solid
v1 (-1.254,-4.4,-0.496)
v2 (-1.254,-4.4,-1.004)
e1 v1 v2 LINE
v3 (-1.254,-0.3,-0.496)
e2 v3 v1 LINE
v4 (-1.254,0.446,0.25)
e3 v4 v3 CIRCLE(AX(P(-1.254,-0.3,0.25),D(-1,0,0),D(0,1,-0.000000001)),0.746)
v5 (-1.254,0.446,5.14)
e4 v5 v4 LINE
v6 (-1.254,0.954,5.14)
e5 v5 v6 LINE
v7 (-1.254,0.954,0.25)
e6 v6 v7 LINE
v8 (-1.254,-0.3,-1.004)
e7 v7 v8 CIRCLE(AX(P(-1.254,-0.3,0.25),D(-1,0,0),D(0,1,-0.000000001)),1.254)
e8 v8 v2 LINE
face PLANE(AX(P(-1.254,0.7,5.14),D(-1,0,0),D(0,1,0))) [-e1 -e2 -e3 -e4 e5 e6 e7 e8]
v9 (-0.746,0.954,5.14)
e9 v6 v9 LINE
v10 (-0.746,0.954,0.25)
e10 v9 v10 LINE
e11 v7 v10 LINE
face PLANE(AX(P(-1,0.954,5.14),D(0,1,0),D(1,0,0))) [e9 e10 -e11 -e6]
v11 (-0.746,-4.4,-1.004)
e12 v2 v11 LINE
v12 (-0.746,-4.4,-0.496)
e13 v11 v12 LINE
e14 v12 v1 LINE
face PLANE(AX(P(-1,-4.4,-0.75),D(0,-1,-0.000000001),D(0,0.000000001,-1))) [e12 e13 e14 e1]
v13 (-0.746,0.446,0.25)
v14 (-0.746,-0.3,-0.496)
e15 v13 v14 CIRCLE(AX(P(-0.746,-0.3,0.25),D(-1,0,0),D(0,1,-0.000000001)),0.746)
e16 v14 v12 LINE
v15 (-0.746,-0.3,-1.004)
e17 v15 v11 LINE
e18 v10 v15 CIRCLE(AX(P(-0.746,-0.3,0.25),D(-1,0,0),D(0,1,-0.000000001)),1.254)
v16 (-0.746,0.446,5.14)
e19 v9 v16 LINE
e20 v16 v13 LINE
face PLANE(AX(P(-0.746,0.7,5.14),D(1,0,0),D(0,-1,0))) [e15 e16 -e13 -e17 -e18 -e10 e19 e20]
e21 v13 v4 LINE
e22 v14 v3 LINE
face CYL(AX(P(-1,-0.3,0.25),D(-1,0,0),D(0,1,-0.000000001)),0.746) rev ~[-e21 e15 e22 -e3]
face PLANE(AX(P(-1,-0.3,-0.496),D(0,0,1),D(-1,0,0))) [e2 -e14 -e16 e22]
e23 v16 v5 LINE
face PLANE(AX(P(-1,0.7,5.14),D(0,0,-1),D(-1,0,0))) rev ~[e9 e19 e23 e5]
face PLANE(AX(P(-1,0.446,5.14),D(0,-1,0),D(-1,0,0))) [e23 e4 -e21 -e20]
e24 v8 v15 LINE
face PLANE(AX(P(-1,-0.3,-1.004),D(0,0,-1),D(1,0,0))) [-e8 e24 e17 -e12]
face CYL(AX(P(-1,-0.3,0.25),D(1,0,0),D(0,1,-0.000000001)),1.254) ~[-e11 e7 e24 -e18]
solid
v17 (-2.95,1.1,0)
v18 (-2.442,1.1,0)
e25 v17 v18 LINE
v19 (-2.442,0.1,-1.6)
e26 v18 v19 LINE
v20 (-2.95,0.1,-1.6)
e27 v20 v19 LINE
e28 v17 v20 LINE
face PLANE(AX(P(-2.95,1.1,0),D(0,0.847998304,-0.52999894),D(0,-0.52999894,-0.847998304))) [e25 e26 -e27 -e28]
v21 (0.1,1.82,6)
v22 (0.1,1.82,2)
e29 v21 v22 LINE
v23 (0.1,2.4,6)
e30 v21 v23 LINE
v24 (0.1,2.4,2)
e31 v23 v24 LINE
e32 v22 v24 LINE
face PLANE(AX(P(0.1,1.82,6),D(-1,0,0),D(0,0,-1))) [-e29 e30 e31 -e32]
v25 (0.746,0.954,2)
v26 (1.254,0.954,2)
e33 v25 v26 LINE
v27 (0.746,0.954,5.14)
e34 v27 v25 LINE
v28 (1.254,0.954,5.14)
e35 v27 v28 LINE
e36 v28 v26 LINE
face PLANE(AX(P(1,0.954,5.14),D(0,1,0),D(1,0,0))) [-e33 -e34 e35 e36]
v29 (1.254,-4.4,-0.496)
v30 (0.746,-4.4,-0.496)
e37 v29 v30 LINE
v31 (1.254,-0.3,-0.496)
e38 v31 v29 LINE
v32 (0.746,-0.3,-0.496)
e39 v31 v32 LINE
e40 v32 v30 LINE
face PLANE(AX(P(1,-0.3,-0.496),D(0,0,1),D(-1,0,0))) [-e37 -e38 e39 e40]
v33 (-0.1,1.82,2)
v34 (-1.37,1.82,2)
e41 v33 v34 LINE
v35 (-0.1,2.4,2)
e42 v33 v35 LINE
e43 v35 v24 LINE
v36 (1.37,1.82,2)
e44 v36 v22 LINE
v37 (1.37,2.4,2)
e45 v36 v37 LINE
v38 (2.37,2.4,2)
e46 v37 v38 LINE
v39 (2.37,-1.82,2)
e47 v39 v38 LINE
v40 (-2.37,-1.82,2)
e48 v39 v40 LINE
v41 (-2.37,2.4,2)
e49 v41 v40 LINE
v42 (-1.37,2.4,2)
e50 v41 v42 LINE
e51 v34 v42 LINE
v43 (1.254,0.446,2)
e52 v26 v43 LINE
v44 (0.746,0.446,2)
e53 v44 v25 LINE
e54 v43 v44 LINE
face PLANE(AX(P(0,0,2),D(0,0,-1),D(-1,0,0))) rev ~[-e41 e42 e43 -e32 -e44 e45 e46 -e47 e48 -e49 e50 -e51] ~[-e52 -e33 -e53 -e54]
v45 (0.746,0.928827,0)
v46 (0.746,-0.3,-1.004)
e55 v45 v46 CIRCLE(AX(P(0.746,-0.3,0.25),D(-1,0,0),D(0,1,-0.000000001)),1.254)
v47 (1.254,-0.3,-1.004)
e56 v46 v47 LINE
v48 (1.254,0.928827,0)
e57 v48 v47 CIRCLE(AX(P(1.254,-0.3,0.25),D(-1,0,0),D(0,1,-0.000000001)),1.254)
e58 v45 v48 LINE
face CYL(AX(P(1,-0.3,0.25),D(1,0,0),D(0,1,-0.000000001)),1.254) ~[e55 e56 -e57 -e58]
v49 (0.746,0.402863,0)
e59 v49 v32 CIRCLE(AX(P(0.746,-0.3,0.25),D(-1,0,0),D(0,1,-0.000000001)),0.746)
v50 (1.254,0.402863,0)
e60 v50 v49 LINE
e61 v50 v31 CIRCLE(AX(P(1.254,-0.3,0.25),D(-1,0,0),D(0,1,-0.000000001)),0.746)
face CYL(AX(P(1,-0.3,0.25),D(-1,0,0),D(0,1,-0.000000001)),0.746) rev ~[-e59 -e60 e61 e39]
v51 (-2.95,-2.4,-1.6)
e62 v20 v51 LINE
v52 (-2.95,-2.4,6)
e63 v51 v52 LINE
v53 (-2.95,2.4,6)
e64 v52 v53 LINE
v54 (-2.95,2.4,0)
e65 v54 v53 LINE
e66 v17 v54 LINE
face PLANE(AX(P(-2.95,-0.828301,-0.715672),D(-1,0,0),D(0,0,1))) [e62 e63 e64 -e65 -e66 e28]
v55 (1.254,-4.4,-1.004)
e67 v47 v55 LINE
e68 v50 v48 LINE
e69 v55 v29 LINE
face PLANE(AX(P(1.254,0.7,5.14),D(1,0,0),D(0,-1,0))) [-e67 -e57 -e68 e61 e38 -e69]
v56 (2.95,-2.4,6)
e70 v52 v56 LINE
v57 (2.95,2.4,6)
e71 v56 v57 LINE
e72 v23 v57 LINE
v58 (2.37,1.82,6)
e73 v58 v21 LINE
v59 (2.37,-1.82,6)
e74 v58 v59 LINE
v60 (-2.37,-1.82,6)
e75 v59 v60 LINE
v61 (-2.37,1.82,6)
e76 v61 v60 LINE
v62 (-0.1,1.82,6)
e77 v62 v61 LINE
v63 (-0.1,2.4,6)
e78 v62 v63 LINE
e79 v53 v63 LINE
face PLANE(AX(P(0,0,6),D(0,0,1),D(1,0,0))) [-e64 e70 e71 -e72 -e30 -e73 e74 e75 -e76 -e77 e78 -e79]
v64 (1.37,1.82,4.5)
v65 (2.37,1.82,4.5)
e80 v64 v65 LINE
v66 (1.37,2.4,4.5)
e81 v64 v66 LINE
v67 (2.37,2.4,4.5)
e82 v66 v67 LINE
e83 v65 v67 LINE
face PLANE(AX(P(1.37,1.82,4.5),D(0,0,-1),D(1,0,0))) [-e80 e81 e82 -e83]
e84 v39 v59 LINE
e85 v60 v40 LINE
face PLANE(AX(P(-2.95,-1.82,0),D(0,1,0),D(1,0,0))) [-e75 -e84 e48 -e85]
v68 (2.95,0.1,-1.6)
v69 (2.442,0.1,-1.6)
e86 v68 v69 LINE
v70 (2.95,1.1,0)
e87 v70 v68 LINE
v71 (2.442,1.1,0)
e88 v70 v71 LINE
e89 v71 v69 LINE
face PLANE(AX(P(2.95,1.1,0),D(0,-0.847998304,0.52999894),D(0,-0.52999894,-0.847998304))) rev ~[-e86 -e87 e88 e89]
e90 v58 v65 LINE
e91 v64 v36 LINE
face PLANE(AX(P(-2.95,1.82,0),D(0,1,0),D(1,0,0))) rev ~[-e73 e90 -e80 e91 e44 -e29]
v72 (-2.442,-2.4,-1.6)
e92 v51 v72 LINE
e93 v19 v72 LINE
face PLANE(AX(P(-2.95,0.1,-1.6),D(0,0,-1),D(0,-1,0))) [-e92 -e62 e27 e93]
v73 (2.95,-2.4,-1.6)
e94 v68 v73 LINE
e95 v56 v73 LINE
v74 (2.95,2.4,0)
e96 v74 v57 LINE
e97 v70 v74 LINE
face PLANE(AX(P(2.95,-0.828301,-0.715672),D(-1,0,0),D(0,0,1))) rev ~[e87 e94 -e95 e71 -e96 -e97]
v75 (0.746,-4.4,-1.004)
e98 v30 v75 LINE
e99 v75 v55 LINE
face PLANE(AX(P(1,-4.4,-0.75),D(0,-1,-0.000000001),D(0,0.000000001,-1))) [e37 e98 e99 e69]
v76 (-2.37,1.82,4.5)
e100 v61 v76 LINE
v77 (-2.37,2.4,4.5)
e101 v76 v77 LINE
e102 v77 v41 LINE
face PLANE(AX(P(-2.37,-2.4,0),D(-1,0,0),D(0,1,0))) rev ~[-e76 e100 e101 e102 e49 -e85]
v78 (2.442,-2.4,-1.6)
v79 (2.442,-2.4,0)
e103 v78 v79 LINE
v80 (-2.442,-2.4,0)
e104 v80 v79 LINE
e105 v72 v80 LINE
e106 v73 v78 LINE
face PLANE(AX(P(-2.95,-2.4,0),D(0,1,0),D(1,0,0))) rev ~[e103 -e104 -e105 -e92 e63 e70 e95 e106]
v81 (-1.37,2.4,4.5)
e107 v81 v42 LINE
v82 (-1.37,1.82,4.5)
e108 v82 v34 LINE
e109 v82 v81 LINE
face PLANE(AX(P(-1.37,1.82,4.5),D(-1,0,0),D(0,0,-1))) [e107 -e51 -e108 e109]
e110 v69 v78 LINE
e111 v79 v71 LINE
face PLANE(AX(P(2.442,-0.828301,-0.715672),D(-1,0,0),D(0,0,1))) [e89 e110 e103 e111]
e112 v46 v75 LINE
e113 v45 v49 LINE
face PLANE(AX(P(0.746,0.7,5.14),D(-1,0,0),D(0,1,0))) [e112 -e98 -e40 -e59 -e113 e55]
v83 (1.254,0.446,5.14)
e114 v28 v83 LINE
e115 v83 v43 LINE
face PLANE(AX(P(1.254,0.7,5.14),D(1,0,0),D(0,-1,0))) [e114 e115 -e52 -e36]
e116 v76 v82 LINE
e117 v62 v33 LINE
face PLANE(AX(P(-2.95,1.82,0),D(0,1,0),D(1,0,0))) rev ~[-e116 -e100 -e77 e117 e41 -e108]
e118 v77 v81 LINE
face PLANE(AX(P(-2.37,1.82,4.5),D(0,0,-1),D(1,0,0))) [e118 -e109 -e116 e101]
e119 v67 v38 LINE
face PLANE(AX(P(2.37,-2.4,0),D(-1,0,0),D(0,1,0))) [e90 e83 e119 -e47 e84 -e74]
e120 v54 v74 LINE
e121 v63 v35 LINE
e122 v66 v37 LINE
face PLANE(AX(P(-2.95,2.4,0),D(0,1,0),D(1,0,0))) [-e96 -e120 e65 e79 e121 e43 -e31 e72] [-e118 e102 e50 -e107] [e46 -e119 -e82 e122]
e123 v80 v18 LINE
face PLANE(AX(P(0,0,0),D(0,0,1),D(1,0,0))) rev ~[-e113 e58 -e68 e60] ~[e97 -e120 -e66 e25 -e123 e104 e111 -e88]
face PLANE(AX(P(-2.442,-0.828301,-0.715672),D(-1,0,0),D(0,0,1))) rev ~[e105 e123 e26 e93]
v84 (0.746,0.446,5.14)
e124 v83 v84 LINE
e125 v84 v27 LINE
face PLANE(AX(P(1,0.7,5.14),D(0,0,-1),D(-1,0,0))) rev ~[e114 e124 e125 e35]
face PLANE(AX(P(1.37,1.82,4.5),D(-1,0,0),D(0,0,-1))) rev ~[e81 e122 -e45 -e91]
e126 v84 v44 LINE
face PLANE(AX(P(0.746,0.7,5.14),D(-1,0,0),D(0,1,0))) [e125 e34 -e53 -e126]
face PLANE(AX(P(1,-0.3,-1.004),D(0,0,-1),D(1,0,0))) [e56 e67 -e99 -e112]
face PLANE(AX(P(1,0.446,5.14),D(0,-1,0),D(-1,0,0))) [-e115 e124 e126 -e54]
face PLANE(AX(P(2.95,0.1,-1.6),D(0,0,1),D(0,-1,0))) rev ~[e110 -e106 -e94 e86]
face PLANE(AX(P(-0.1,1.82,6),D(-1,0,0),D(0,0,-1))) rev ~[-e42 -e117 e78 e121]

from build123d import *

# Parameters (mm, degrees)
SKETCH4_W                      = 5.9
SKETCH4_H                      = 4.8
BODY_EXTRUDE2_DEPTH            = 6
BODY_SHELL1_T                  = -0.58
BODY_SHELL1_THICKNESS_2_FACE_W = 4.74
BODY_SHELL1_THICKNESS_2_FACE_H = 3.64
BODY_SHELL1_THICKNESS_2_DEPTH  = 1.42
EXTRUDE1_REACH                 = 9.906
SKETCH66_W                     = 0.2
SKETCH66_H                     = 4
SKETCH66_W_2                   = 1
SKETCH66_H_2                   = 2.5
TAB_EXTRUDE4_DEPTH             = 0.508
TAB_EXTRUDE7_DEPTH             = 0.508
SKETCH64_W                     = 0.508
SKETCH64_H                     = 0.508
PINS_LPATTERN_COUNT            = 2
PINS_LPATTERN_PITCH            = 2


with BuildPart() as part:
    # Sketch4 → Body-Extrude2 (new body)
    with BuildSketch(Plane(origin=(6.86422654, -1.863703399, 0), x_dir=(1, 0, 0), z_dir=(0, 0, 1))):
        with Locations((-6.86422654, 1.863703399)):
            Rectangle(SKETCH4_W, SKETCH4_H)
    extrude(amount=BODY_EXTRUDE2_DEPTH)

    # Body-Shell1
    body_shell1_openings = [part.faces().sort_by_distance(p)[0] for p in [
        (0, 0, 6),
    ]]
    offset(amount=BODY_SHELL1_T, openings=body_shell1_openings, kind=Kind.INTERSECTION)

    # Body-Shell1 thickness 2 face (on inner face of the shell) → Body-Shell1 thickness 2 (add)
    with BuildSketch(Plane(origin=(0, 0, 0.58), x_dir=(-1, 0, 0), z_dir=(0, 0, -1))):
        Rectangle(BODY_SHELL1_THICKNESS_2_FACE_W, BODY_SHELL1_THICKNESS_2_FACE_H)
    extrude(amount=-BODY_SHELL1_THICKNESS_2_DEPTH)

    # Sketch66 → Extrude1 (cut, up to next)
    with BuildSketch(Plane(origin=(0, 1.82, 0), x_dir=(1, 0, 0), z_dir=(0, 1, 0)), mode=Mode.PRIVATE) as extrude1_sk1:
        with Locations((0, -4)):
            Rectangle(SKETCH66_W, SKETCH66_H)
    extrude1_tool1 = extrude(extrude1_sk1.sketch, amount=EXTRUDE1_REACH, mode=Mode.PRIVATE) & part.part
    # Sketch66 → Extrude1 (cut, up to next)
    with BuildSketch(Plane(origin=(0, 1.82, 0), x_dir=(1, 0, 0), z_dir=(0, 1, 0)), mode=Mode.PRIVATE) as extrude1_sk2:
        with Locations((-1.87, -3.25)):
            Rectangle(SKETCH66_W_2, SKETCH66_H_2)
    extrude1_tool2 = extrude(extrude1_sk2.sketch, amount=EXTRUDE1_REACH, mode=Mode.PRIVATE) & part.part
    # Sketch66 → Extrude1 (cut, up to next)
    with BuildSketch(Plane(origin=(0, 1.82, 0), x_dir=(1, 0, 0), z_dir=(0, 1, 0)), mode=Mode.PRIVATE) as extrude1_sk3:
        with Locations((1.87, -3.25)):
            Rectangle(SKETCH66_W_2, SKETCH66_H_2)
    extrude1_tool3 = extrude(extrude1_sk3.sketch, amount=EXTRUDE1_REACH, mode=Mode.PRIVATE) & part.part
    add(extrude1_tool1.solids().sort_by_distance((0, 1.82, 4))[0], mode=Mode.SUBTRACT)
    add(extrude1_tool2.solids().sort_by_distance((-1.87, 1.82, 3.25))[0], mode=Mode.SUBTRACT)
    add(extrude1_tool3.solids().sort_by_distance((1.87, 1.82, 3.25))[0], mode=Mode.SUBTRACT)

    # Sketch6 → Tab-Extrude4 (add)
    with BuildSketch(Plane(origin=(2.95, 11.117293973, 0), x_dir=(0, 0, -1), z_dir=(1, 0, 0))):
        Polygon((0, -10.017293973), (1.6, -11.017293973), (1.6, -13.517293973), (0, -13.517293973), align=None)
    extrude(amount=-TAB_EXTRUDE4_DEPTH)

    # Sketch9 → Tab-Extrude7 (add)
    with BuildSketch(Plane(origin=(-2.95, 11.117293973, 0), x_dir=(0, 0, 1), z_dir=(-1, 0, 0))):
        Polygon((0, -13.517293973), (0, -10.017293973), (-1.6, -11.017293973), (-1.6, -13.517293973), align=None)
    extrude(amount=-TAB_EXTRUDE7_DEPTH)


with BuildPart() as body_2:
    # Pins-Sweep: sweep along a path in Sketch65
    with BuildLine(Plane(origin=(0, 0, 0), x_dir=(0, 0, -1), z_dir=(1, 0, 0))) as pins_sweep_path:
        Line((-5.14, 0.7), (-0.25, 0.7))
        ThreePointArc((-0.25, 0.7), (0.457106781, 0.407106781), (0.75, -0.3))
        Line((0.75, -0.3), (0.75, -4.4))
    # Sketch64 → Pins-Sweep (sweep)
    with BuildSketch(Plane(origin=(0, 3.64, 5.14), x_dir=(1, 0, 0), z_dir=(0, 0, -1))):
        with Locations((-1, 2.94)):
            Rectangle(SKETCH64_W, SKETCH64_H)
    pins_sweep = sweep(path=pins_sweep_path.line)


with BuildPart() as part_1:
    add(part.part)

    # Pins-LPattern: Pins-Sweep ×2
    with Locations(*[(i * PINS_LPATTERN_PITCH, 0, 0) for i in range(1, PINS_LPATTERN_COUNT)]):
        add(pins_sweep)


solid = Compound([body_2.part, part_1.part])
